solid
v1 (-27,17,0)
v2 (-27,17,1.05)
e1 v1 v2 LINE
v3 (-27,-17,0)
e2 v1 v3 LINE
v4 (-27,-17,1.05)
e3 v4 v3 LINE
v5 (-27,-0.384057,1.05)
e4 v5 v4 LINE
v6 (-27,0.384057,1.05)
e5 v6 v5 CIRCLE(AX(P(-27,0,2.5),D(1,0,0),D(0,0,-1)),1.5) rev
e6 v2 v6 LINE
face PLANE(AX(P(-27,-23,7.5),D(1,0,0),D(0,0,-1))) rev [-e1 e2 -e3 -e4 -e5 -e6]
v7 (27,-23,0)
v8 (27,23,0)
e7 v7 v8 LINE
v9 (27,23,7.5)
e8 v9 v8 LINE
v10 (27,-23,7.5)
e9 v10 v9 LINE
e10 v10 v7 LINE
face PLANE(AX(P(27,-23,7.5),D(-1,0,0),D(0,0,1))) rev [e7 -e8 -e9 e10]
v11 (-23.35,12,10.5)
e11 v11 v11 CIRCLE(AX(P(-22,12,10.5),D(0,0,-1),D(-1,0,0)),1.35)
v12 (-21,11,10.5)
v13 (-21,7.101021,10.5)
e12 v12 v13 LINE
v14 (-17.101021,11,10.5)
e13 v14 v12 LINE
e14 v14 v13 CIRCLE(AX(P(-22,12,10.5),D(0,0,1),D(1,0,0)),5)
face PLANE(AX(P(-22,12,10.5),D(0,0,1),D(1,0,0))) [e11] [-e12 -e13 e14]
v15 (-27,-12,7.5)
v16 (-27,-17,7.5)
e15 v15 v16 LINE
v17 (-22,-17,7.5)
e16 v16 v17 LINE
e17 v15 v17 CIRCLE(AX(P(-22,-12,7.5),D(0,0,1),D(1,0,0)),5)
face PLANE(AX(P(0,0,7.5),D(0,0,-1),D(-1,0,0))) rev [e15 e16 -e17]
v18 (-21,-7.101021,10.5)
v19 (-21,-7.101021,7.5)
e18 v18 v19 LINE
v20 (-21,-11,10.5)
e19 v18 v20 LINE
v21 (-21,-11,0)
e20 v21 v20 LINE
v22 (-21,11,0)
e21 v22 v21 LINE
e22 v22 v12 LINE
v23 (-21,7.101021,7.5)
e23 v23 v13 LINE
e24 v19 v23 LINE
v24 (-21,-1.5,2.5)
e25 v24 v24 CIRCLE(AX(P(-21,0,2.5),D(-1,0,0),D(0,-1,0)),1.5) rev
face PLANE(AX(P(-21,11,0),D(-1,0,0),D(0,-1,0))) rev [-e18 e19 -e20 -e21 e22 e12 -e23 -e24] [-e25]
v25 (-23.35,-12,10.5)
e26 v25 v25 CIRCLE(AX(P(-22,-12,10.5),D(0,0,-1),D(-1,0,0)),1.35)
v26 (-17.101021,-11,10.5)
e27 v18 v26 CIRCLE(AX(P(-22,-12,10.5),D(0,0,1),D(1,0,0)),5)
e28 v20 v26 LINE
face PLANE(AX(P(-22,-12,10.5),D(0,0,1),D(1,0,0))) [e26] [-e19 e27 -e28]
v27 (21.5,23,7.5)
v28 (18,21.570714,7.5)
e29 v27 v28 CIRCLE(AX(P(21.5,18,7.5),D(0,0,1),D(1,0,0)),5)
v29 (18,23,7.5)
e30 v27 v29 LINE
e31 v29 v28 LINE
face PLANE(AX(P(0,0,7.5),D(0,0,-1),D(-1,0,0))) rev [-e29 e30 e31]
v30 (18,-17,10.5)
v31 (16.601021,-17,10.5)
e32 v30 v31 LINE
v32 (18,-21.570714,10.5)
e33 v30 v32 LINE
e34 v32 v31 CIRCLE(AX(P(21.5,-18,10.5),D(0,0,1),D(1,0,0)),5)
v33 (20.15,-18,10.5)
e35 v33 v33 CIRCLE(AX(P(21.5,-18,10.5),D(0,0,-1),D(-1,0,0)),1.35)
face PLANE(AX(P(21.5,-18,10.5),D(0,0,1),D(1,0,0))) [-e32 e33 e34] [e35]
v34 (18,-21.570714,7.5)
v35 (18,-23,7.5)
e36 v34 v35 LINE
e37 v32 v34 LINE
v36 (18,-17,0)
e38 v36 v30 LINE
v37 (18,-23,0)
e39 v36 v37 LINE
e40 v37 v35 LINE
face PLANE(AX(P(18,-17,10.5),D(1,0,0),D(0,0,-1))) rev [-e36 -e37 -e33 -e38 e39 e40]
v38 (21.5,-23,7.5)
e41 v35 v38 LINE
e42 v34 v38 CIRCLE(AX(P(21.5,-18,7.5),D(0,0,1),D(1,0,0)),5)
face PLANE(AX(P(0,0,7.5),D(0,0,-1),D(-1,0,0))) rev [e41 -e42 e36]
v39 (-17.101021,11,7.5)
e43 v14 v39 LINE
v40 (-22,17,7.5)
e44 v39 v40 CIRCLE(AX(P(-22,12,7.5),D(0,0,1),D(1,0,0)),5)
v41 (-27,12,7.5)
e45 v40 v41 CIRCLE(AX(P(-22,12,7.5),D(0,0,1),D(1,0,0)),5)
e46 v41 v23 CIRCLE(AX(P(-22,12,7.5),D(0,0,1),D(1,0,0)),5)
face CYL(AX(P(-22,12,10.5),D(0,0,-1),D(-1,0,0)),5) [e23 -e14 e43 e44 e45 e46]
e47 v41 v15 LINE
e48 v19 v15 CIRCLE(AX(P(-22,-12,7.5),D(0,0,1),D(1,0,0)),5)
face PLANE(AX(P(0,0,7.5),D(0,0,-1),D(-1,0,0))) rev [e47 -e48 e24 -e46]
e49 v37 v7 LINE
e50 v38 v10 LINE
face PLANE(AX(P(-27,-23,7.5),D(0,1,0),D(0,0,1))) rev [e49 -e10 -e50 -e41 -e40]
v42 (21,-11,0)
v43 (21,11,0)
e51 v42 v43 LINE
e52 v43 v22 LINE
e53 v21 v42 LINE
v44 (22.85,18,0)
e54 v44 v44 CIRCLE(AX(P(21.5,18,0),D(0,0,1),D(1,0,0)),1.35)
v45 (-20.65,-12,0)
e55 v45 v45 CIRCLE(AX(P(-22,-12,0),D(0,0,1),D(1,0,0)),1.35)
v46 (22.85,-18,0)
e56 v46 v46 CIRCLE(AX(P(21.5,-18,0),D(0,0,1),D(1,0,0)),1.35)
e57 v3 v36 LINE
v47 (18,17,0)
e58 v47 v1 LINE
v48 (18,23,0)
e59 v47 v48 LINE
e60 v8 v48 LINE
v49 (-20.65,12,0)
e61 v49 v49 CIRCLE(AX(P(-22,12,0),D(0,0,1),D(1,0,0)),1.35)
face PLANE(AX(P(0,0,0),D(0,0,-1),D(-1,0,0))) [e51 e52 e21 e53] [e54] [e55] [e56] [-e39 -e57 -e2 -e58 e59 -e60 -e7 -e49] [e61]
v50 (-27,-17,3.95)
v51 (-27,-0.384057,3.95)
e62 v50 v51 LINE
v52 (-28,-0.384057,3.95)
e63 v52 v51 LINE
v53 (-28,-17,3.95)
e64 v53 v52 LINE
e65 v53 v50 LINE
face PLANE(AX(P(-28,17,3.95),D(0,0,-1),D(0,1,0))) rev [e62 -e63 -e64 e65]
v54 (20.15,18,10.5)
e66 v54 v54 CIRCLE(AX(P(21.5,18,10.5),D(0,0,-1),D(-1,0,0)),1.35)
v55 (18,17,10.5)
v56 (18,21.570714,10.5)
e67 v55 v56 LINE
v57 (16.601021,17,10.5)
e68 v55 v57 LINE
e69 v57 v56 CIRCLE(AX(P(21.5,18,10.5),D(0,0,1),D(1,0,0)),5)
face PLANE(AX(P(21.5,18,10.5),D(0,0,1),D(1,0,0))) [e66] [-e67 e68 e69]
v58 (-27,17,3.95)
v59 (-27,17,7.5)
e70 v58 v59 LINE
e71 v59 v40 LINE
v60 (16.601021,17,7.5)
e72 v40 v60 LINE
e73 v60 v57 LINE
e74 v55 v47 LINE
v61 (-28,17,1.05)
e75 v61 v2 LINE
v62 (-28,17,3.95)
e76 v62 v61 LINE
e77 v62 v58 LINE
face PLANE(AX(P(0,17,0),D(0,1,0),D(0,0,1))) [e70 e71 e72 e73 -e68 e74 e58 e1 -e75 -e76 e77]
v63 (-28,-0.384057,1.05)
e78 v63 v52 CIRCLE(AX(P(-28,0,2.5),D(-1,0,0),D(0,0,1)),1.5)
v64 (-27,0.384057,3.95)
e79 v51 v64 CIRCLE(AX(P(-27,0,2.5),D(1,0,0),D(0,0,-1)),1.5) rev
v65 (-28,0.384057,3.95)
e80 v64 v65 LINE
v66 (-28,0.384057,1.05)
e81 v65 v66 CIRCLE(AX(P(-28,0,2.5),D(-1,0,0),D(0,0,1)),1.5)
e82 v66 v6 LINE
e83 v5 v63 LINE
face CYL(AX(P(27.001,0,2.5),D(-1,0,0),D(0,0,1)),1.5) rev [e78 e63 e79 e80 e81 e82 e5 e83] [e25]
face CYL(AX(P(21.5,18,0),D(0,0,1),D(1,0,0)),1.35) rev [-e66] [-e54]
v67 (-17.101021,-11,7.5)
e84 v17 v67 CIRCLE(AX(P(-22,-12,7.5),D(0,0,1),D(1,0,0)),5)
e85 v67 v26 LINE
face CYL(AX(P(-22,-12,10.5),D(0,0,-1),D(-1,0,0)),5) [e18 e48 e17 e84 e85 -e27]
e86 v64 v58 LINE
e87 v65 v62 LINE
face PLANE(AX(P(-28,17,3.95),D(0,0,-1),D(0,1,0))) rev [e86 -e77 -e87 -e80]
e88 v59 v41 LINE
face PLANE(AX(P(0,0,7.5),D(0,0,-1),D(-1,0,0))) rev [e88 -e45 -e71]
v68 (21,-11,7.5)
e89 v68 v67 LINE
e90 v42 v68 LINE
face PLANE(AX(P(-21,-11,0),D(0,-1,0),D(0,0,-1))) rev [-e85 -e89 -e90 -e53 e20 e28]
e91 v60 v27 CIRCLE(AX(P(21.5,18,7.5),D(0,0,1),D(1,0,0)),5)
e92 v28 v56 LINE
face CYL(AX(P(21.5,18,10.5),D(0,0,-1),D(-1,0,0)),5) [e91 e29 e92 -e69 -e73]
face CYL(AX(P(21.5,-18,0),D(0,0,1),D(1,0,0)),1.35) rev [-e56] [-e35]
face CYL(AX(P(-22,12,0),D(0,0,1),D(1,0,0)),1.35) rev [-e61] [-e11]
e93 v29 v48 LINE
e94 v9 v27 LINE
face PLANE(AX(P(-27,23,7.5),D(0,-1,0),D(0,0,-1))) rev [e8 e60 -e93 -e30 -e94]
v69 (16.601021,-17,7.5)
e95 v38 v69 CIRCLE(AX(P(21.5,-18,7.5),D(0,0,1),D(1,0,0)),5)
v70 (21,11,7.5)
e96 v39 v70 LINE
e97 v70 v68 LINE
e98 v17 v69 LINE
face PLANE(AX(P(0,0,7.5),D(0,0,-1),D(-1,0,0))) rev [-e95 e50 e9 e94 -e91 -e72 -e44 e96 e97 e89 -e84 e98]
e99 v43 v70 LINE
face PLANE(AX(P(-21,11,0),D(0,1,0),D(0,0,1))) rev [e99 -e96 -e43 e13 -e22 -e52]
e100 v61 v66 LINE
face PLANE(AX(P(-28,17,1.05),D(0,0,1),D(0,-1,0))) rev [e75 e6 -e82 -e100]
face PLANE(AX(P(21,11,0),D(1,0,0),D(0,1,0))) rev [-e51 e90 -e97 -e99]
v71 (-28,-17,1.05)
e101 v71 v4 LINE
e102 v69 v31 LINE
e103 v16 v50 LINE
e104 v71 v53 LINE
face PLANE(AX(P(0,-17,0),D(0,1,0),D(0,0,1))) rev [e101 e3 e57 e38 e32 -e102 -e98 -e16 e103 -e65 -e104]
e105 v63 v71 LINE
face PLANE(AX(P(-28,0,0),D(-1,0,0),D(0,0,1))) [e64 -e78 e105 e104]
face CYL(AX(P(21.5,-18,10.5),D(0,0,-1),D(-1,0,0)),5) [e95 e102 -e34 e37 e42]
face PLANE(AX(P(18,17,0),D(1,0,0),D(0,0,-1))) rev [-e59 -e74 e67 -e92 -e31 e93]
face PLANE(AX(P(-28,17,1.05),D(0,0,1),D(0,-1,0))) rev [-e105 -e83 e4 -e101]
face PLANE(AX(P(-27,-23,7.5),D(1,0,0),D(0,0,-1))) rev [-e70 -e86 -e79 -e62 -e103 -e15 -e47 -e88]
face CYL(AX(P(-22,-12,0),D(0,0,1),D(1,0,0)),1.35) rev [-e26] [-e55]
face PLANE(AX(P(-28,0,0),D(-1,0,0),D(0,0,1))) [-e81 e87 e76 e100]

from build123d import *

# Parameters (mm, degrees)
ESQUISSE1_W             = 54
ESQUISSE1_H             = 46
MAIN_DEPTH              = 7.5
ESQUISSE2_R             = 1.35
USBFIXHOLES_DEPTH       = 8.5
ESQUISSE3_R             = 5
CIRCLESUPPORT_DEPTH     = 3
ESQUISSE4_W             = 45
ESQUISSE4_H             = 10.5
SIDECUTOFF_DEPTH        = 6
ESQUISSE6_W             = 45
ESQUISSE6_H             = 10.5
SIDELEFTCUTOFF_DEPTH    = 6
ESQUISSE7_W             = 2.9
ESQUISSE7_H             = 34
MAKERBEAMFIXSHAFT_DEPTH = 1
ESQUISSE10_W            = 42
ESQUISSE10_H            = 22
CENTRALHOLE_DEPTH       = 1
CENTRALHOLE_DEPTH_BACK  = 11.5
VERTICALFIXHOLE_REACH   = 57
ESQUISSE8_R             = 1.5
ESQUISSE11_R            = 1.35
USBFIXHOLES2_DEPTH      = 4


with BuildPart() as part:
    # Esquisse1 → Main (new body)
    with BuildSketch(Plane.XY):
        Rectangle(ESQUISSE1_W, ESQUISSE1_H)
    extrude(amount=MAIN_DEPTH)

    # Esquisse2 → UsbFixHoles (cut, through all)
    with BuildSketch(Plane.XY.offset(7.5)):
        with Locations((-22, -12)):
            Circle(ESQUISSE2_R)
        with Locations((-22, 12)):
            Circle(ESQUISSE2_R)
        with Locations((21.5, 18)):
            Circle(ESQUISSE2_R)
        with Locations((21.5, -18)):
            Circle(ESQUISSE2_R)
    extrude(amount=-USBFIXHOLES_DEPTH, mode=Mode.SUBTRACT)

    # Esquisse3 → CircleSupport (add)
    with BuildSketch(Plane.XY.offset(7.5)):
        with Locations((-22, 12)):
            Circle(ESQUISSE3_R)
        with Locations((-22, -12)):
            Circle(ESQUISSE3_R)
        with Locations((21.5, -18)):
            Circle(ESQUISSE3_R)
        with Locations((21.5, 18)):
            Circle(ESQUISSE3_R)
    extrude(amount=CIRCLESUPPORT_DEPTH)

    # Esquisse4 → SideCutoff (cut)
    with BuildSketch(Plane.XZ.offset(23)):
        with Locations((-4.5, 5.25)):
            Rectangle(ESQUISSE4_W, ESQUISSE4_H)
    extrude(amount=-SIDECUTOFF_DEPTH, mode=Mode.SUBTRACT)

    # Esquisse6 → SideLeftCutoff (cut)
    with BuildSketch(Plane(origin=(0, 23, 0), x_dir=(1, 0, 0), z_dir=(0, 1, 0))):
        with Locations((-4.5, -5.25)):
            Rectangle(ESQUISSE6_W, ESQUISSE6_H)
    extrude(amount=-SIDELEFTCUTOFF_DEPTH, mode=Mode.SUBTRACT)

    # Esquisse7 → MakerBeamFixShaft (add)
    with BuildSketch(Plane.ZY.offset(27)):
        with Locations((2.5, 0)):
            Rectangle(ESQUISSE7_W, ESQUISSE7_H)
    extrude(amount=MAKERBEAMFIXSHAFT_DEPTH)

    # Esquisse10 → CentralHole (cut, two sides)
    with BuildSketch(Plane.XY.offset(10.5)) as centralhole_sk:
        Rectangle(ESQUISSE10_W, ESQUISSE10_H)
    extrude(amount=CENTRALHOLE_DEPTH, mode=Mode.SUBTRACT)
    extrude(centralhole_sk.sketch, amount=-CENTRALHOLE_DEPTH_BACK, mode=Mode.SUBTRACT)

    # Esquisse8 → VerticalFixHole (cut, up to next)
    with BuildSketch(Plane.ZY.offset(28), mode=Mode.PRIVATE) as verticalfixhole_sk1:
        with Locations((2.5, 0)):
            Circle(ESQUISSE8_R)
    verticalfixhole_tool1 = extrude(verticalfixhole_sk1.sketch, amount=-VERTICALFIXHOLE_REACH, mode=Mode.PRIVATE) & part.part
    add(verticalfixhole_tool1.solids().sort_by_distance((-28, 0, 2.5))[0], mode=Mode.SUBTRACT)

    # Esquisse11 → UsbFixHoles2 (cut, through all)
    with BuildSketch(Plane(origin=(0, 0, 7.5), x_dir=(-1, 0, 0), z_dir=(0, 0, -1))):
        with Locations((-21.5, 18)):
            Circle(ESQUISSE11_R)
        with Locations((22, 12)):
            Circle(ESQUISSE11_R)
        with Locations((22, -12)):
            Circle(ESQUISSE11_R)
        with Locations((-21.5, -18)):
            Circle(ESQUISSE11_R)
    extrude(amount=-USBFIXHOLES2_DEPTH, mode=Mode.SUBTRACT)


solid = part.part
